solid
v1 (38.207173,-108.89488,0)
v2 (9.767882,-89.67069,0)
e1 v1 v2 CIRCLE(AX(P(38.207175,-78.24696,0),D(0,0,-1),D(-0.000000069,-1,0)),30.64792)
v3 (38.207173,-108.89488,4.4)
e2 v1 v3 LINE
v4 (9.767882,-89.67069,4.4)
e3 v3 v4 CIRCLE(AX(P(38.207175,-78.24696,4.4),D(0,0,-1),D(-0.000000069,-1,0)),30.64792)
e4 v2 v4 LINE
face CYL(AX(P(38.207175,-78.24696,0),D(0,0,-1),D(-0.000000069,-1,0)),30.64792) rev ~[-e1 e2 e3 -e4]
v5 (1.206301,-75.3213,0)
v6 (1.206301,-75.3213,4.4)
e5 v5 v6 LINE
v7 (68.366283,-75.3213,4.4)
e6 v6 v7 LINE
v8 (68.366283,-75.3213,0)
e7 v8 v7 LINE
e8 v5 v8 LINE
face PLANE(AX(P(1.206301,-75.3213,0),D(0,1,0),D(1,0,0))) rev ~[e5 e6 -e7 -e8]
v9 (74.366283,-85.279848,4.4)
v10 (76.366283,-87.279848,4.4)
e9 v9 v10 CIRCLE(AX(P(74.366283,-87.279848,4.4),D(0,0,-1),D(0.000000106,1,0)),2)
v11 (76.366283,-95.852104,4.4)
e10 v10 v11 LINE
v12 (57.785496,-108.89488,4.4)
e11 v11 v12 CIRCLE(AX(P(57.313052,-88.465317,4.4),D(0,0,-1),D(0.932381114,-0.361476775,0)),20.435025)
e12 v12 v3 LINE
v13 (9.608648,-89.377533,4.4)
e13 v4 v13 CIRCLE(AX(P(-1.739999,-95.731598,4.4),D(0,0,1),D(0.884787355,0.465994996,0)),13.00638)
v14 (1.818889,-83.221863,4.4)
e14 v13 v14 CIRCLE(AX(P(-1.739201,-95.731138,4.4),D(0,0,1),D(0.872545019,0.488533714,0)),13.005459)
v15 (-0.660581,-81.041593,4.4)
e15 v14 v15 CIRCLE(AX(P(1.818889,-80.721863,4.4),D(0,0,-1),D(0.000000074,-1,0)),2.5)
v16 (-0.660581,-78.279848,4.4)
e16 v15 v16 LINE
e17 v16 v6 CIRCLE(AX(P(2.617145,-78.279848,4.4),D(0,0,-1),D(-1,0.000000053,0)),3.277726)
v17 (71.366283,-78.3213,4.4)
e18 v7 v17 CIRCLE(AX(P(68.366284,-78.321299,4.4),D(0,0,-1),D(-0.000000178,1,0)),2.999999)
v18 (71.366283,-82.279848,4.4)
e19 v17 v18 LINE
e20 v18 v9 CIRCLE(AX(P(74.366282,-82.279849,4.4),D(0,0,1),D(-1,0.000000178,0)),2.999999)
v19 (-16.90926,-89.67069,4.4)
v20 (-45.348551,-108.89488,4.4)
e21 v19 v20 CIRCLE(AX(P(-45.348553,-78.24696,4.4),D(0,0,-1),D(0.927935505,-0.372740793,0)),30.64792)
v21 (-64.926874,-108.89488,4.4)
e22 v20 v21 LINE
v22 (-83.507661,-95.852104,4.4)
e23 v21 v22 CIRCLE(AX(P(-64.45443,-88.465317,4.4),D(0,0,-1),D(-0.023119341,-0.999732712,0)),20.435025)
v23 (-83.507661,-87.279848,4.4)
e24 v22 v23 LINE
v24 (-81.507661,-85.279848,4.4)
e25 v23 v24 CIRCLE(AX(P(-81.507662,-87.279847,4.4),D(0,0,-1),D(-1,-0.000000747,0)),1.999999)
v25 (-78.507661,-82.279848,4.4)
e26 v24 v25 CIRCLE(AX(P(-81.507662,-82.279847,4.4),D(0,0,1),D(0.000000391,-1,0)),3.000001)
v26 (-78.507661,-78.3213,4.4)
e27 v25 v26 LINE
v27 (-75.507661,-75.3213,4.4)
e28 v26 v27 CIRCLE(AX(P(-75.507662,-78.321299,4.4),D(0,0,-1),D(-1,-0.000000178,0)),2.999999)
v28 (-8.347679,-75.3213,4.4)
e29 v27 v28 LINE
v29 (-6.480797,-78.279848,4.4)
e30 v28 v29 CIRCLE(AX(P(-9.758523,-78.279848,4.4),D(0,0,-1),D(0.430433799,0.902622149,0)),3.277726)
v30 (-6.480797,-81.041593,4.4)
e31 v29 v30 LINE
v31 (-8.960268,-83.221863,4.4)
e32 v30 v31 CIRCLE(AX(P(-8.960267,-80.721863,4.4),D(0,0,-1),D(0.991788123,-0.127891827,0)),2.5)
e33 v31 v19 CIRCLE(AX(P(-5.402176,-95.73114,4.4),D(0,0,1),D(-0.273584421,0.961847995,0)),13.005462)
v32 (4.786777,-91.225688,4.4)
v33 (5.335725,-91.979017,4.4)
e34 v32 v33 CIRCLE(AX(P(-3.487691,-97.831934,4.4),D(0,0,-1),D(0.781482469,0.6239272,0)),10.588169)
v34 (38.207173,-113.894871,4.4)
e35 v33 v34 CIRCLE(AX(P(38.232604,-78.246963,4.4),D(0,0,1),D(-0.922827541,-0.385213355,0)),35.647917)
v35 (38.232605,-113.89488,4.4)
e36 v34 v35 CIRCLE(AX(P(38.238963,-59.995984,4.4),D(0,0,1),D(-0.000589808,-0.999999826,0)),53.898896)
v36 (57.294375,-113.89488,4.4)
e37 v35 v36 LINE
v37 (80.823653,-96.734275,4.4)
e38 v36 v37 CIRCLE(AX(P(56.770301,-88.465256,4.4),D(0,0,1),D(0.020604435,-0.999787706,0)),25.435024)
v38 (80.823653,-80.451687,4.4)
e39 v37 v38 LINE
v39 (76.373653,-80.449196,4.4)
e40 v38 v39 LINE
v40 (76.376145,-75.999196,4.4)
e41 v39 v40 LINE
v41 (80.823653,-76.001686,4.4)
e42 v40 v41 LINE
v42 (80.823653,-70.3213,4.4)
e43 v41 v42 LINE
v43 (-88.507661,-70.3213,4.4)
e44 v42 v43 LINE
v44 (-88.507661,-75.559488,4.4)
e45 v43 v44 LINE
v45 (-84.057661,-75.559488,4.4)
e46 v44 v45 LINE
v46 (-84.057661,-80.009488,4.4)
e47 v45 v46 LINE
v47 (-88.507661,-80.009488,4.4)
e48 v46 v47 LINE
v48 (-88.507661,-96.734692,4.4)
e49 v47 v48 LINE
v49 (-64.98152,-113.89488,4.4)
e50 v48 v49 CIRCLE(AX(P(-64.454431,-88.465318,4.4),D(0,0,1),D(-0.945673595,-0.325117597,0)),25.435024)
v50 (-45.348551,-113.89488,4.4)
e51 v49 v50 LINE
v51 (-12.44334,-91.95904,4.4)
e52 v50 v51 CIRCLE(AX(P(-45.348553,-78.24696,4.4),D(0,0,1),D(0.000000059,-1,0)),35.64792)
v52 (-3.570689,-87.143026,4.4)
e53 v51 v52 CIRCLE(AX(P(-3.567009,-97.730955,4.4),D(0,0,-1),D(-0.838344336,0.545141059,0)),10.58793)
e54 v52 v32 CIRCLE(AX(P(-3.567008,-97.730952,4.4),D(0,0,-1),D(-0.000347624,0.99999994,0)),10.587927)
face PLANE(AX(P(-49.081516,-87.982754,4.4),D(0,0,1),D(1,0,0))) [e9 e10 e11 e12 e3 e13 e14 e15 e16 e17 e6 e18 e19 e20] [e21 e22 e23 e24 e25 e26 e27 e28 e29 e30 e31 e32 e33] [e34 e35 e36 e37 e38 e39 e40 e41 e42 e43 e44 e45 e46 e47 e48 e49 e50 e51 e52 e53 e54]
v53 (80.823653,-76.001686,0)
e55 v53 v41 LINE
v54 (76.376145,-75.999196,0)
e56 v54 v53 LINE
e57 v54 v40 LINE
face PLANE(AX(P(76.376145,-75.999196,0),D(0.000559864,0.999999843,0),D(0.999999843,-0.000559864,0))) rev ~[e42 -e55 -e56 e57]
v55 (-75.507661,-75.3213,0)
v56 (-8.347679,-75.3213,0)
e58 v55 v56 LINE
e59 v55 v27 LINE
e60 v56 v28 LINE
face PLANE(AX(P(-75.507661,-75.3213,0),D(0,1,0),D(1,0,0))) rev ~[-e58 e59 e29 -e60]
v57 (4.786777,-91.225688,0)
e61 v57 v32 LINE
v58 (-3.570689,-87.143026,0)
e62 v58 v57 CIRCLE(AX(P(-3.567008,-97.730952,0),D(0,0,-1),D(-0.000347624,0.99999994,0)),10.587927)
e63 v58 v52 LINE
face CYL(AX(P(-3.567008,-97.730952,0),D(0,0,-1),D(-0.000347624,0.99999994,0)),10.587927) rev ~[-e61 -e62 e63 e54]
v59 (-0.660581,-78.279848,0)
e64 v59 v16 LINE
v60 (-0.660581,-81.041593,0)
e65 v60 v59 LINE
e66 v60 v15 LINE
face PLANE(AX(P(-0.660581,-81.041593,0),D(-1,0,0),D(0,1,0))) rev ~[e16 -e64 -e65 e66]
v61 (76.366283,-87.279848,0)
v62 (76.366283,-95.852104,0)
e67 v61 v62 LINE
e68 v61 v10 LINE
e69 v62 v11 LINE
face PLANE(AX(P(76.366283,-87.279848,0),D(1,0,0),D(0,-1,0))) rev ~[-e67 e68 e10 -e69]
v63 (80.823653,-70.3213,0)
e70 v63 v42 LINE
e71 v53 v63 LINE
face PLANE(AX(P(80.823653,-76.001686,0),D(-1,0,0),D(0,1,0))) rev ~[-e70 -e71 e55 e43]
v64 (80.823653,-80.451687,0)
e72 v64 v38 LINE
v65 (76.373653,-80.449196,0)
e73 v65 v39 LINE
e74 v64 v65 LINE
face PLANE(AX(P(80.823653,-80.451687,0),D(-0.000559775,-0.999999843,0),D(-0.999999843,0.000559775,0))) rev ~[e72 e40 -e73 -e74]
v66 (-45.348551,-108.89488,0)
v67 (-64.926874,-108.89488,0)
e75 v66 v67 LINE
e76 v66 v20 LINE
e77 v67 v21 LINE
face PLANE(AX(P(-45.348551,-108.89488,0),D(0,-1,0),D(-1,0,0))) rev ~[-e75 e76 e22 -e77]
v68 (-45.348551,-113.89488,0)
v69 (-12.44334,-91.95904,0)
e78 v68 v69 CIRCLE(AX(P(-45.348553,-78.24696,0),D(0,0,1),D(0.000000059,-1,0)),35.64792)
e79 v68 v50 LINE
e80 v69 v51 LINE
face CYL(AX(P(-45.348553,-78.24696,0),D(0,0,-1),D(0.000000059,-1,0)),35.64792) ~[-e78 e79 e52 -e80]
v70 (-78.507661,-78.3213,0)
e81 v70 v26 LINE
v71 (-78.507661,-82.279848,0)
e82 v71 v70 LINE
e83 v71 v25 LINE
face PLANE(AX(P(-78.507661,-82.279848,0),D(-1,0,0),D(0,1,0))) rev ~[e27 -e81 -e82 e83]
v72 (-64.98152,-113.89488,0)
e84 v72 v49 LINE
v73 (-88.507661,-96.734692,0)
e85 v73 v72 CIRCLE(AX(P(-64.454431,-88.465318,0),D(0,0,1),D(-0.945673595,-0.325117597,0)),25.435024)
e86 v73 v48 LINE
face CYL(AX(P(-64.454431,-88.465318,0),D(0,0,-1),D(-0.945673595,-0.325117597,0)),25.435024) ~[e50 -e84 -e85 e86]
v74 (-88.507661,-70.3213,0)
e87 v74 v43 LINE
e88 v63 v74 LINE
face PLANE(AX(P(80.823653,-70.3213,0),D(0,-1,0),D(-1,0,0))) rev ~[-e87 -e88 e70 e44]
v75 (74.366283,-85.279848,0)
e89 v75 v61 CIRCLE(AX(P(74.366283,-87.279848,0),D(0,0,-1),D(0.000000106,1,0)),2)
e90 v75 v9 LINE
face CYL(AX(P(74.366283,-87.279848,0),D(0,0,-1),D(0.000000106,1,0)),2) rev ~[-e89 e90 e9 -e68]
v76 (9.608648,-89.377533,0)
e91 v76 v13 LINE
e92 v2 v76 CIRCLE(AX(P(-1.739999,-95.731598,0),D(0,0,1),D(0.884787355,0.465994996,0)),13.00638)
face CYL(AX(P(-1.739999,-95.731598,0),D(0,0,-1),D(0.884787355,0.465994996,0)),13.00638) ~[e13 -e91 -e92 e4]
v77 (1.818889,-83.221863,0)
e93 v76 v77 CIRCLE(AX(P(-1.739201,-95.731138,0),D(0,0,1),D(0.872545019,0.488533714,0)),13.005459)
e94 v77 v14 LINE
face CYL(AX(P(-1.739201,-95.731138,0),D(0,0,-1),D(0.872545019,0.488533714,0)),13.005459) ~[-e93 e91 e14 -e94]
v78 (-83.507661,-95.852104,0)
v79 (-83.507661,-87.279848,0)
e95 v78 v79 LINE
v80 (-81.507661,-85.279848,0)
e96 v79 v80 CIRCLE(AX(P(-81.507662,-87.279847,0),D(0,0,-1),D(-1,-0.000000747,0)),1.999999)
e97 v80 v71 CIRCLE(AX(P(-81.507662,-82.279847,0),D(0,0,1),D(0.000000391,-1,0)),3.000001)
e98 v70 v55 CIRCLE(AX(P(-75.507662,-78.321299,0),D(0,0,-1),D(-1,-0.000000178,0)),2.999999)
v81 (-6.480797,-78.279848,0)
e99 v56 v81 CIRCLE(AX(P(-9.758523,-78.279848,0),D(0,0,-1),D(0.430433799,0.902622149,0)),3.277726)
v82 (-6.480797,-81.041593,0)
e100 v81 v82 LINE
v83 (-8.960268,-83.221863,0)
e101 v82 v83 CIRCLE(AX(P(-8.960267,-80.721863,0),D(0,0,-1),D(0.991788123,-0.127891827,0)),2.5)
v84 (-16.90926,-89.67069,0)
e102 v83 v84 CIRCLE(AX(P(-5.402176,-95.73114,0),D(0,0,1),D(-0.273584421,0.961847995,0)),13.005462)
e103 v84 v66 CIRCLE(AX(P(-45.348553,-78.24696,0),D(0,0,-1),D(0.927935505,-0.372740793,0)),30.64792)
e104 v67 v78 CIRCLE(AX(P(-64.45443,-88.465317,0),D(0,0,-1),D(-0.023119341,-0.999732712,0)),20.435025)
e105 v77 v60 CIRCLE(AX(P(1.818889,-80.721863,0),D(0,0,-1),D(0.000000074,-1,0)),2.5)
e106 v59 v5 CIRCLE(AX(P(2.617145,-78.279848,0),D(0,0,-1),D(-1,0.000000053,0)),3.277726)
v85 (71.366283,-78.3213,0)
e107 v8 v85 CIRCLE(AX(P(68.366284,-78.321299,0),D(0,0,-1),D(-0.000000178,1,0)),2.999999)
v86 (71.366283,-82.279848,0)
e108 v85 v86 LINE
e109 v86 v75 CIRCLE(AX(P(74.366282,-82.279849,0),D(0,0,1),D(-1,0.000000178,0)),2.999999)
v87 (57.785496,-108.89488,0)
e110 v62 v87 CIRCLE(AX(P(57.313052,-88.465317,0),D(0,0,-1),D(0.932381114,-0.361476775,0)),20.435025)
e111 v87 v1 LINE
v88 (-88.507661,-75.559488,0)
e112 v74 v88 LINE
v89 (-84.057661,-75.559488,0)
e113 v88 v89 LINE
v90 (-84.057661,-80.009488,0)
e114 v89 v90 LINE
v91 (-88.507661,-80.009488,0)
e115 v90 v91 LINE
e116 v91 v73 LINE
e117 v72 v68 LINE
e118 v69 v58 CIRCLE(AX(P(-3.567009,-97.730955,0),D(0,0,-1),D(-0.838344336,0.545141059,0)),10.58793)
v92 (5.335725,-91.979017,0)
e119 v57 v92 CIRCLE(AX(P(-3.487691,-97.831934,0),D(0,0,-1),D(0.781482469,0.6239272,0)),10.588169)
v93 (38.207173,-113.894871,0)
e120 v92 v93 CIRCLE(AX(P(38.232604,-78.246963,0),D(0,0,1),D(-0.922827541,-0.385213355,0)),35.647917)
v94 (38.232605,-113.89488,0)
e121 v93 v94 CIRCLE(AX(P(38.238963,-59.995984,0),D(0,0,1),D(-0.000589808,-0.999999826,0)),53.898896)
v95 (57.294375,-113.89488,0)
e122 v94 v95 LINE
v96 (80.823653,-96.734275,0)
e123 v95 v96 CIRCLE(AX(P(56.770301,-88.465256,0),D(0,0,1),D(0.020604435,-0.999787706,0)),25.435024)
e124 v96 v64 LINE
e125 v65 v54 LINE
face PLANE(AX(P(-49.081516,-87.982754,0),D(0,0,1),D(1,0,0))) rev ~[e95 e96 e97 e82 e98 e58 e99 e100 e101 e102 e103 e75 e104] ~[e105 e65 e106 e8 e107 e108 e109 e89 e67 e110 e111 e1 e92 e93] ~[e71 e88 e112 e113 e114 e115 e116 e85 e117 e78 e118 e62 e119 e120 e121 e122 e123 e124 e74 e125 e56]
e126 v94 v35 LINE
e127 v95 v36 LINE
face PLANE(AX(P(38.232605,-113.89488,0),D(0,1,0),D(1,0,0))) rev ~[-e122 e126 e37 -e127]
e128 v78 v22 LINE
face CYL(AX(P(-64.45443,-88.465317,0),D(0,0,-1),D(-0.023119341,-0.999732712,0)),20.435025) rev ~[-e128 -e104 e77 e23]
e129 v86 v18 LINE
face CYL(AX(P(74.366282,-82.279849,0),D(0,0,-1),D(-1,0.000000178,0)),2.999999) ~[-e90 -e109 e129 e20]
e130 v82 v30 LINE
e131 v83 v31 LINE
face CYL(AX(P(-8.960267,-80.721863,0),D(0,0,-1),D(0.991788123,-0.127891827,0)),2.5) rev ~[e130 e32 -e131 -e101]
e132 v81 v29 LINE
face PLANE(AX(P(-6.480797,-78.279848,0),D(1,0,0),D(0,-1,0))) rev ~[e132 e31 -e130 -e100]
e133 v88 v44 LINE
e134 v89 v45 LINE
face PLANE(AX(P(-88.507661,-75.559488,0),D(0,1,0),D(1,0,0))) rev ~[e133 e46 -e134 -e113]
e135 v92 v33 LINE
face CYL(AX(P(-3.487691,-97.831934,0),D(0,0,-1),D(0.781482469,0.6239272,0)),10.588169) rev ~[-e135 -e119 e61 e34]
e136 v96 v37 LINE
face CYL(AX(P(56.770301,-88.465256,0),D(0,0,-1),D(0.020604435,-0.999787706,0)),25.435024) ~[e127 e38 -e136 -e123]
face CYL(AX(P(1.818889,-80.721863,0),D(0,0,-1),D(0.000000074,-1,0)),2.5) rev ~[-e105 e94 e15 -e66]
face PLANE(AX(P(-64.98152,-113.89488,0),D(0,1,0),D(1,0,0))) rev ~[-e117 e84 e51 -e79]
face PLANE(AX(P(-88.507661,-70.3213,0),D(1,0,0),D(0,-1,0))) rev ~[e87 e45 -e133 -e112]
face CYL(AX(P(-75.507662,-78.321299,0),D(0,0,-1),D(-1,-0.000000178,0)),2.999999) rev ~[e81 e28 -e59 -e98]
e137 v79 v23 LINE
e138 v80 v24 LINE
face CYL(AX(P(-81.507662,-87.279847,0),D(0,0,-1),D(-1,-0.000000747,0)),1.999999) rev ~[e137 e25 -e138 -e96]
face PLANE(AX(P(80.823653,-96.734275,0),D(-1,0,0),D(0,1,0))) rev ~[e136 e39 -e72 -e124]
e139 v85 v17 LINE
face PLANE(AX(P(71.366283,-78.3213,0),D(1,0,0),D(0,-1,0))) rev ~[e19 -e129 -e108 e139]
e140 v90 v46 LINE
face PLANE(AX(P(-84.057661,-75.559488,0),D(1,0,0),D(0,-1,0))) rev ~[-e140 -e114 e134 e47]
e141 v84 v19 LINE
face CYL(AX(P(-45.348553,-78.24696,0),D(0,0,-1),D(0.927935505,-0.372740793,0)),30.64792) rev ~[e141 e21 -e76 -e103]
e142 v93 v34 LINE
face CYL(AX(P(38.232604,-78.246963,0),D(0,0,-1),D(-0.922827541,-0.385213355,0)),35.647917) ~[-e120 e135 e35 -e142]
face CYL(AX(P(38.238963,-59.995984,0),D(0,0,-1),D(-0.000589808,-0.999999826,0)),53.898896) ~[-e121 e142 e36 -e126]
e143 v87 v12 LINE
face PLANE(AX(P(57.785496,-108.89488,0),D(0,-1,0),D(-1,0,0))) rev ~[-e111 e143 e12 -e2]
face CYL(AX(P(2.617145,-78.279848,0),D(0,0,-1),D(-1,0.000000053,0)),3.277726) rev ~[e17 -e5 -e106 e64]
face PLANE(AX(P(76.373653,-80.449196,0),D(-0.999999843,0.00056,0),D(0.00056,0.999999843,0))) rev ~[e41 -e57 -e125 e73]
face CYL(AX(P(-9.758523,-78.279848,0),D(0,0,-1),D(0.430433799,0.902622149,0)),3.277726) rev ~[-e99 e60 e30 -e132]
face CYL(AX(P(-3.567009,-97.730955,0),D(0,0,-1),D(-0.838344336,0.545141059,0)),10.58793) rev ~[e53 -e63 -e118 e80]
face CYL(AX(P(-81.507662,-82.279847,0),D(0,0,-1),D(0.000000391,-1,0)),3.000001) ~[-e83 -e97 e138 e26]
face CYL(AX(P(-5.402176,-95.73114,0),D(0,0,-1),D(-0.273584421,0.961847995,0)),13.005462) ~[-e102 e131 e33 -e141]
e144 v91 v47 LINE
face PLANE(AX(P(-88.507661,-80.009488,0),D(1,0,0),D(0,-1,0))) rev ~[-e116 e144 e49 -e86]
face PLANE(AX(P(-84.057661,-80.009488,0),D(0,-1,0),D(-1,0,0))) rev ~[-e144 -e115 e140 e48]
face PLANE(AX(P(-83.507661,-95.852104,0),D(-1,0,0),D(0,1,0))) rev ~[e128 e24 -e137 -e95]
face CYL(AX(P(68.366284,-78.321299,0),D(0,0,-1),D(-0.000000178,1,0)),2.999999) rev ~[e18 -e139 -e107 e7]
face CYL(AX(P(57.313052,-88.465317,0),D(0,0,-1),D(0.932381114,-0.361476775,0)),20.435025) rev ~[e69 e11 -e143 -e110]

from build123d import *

# Parameters (mm, degrees)
F1_DEPTH = 4.4


with BuildPart() as f1:
    # F0 (on Top) → F1 (new body)
    with BuildSketch(Plane.XY):
        with BuildLine():
            ThreePointArc((-12.44334, -91.95904), (-8.617964, -88.425467), (-3.570689, -87.143026))
            Line((-3.570689, -87.143026), (-3.570689, -70.3213))
            Line((-3.570689, -70.3213), (-82.913134, -70.3213))
            Line((-82.913134, -70.3213), (-88.507661, -70.3213))
            Line((-88.507661, -70.3213), (-88.507661, -75.559488))
            Line((-88.507661, -75.559488), (-84.057661, -75.559488))
            Line((-84.057661, -75.559488), (-84.057661, -80.009488))
            Line((-84.057661, -80.009488), (-88.507661, -80.009488))
            Line((-88.507661, -80.009488), (-88.507661, -96.734692))
            ThreePointArc((-88.507661, -96.734692), (-79.443295, -109.014634), (-64.98152, -113.89488))
            Line((-64.98152, -113.89488), (-45.348551, -113.89488))
            ThreePointArc((-45.348551, -113.89488), (-25.575249, -107.908225), (-12.44334, -91.95904))
        make_face()
        with BuildLine():
            ThreePointArc((-78.507661, -78.3213), (-77.628981, -76.199979), (-75.507661, -75.3213))
            Line((-75.507661, -75.3213), (-8.347679, -75.3213))
            ThreePointArc((-8.347679, -75.3213), (-6.986534, -76.530687), (-6.480797, -78.279848))
            Line((-6.480797, -78.279848), (-6.480797, -81.040353))
            Line((-6.480797, -81.040353), (-6.480797, -81.041593))
            ThreePointArc((-6.480797, -81.041593), (-7.309408, -82.599272), (-8.960268, -83.221863))
            ThreePointArc((-8.960268, -83.221863), (-13.595876, -85.631372), (-16.90926, -89.67069))
            ThreePointArc((-16.90926, -89.67069), (-28.184907, -103.637987), (-45.348551, -108.89488))
            Line((-45.348551, -108.89488), (-64.926874, -108.89488))
            ThreePointArc((-64.926874, -108.89488), (-76.195022, -105.191008), (-83.507661, -95.852104))
            Line((-83.507661, -95.852104), (-83.507661, -87.279848))
            ThreePointArc((-83.507661, -87.279848), (-82.921875, -85.865634), (-81.507661, -85.279848))
            ThreePointArc((-81.507661, -85.279848), (-79.386341, -84.401168), (-78.507661, -82.279848))
            Line((-78.507661, -82.279848), (-78.507661, -78.3213))
        make_face(mode=Mode.SUBTRACT)
        with BuildLine():
            Line((80.823653, -96.734275), (80.823653, -85.451687))
            Line((80.823653, -85.451687), (80.823653, -80.451687))
            Line((80.823653, -80.451687), (76.373653, -80.449196))
            Line((76.373653, -80.449196), (76.376145, -75.999196))
            Line((76.376145, -75.999196), (80.823653, -76.001686))
            Line((80.823653, -76.001686), (80.823653, -75.281577))
            Line((80.823653, -75.281577), (80.823653, -70.3213))
            Line((80.823653, -70.3213), (76.384345, -70.3213))
            Line((76.384345, -70.3213), (75.771756, -70.3213))
            Line((75.771756, -70.3213), (-3.570689, -70.3213))
            Line((-3.570689, -70.3213), (-3.570689, -87.143026))
            ThreePointArc((-3.570689, -87.143026), (1.080367, -88.217483), (4.786777, -91.225688))
            ThreePointArc((4.786777, -91.225688), (5.069545, -91.596309), (5.335725, -91.979017))
            ThreePointArc((5.335725, -91.979017), (18.457726, -107.907175), (38.207173, -113.894871))
            ThreePointArc((38.207173, -113.894871), (38.219889, -113.894877), (38.232605, -113.89488))
            Line((38.232605, -113.89488), (57.294375, -113.89488))
            ThreePointArc((57.294375, -113.89488), (71.758098, -109.01535), (80.823653, -96.734275))
        make_face()
        with BuildLine():
            ThreePointArc((9.767882, -89.67069), (9.689205, -89.523601), (9.608648, -89.377533))
            ThreePointArc((9.608648, -89.377533), (6.324286, -85.527112), (1.818889, -83.221863))
            ThreePointArc((1.818889, -83.221863), (0.16803, -82.599272), (-0.660581, -81.041593))
            Line((-0.660581, -81.041593), (-0.660581, -81.040353))
            Line((-0.660581, -81.040353), (-0.660581, -78.279848))
            ThreePointArc((-0.660581, -78.279848), (-0.154844, -76.530687), (1.206301, -75.3213))
            Line((1.206301, -75.3213), (68.366283, -75.3213))
            ThreePointArc((68.366283, -75.3213), (70.487603, -76.199979), (71.366283, -78.3213))
            Line((71.366283, -78.3213), (71.366283, -82.279848))
            ThreePointArc((71.366283, -82.279848), (72.244962, -84.401168), (74.366283, -85.279848))
            ThreePointArc((74.366283, -85.279848), (75.780496, -85.865634), (76.366283, -87.279848))
            Line((76.366283, -87.279848), (76.366283, -95.852104))
            ThreePointArc((76.366283, -95.852104), (69.053644, -105.191008), (57.785496, -108.89488))
            Line((57.785496, -108.89488), (38.207173, -108.89488))
            ThreePointArc((38.207173, -108.89488), (21.043529, -103.637987), (9.767882, -89.67069))
        make_face(mode=Mode.SUBTRACT)
    extrude(amount=F1_DEPTH)


solid = f1.part
